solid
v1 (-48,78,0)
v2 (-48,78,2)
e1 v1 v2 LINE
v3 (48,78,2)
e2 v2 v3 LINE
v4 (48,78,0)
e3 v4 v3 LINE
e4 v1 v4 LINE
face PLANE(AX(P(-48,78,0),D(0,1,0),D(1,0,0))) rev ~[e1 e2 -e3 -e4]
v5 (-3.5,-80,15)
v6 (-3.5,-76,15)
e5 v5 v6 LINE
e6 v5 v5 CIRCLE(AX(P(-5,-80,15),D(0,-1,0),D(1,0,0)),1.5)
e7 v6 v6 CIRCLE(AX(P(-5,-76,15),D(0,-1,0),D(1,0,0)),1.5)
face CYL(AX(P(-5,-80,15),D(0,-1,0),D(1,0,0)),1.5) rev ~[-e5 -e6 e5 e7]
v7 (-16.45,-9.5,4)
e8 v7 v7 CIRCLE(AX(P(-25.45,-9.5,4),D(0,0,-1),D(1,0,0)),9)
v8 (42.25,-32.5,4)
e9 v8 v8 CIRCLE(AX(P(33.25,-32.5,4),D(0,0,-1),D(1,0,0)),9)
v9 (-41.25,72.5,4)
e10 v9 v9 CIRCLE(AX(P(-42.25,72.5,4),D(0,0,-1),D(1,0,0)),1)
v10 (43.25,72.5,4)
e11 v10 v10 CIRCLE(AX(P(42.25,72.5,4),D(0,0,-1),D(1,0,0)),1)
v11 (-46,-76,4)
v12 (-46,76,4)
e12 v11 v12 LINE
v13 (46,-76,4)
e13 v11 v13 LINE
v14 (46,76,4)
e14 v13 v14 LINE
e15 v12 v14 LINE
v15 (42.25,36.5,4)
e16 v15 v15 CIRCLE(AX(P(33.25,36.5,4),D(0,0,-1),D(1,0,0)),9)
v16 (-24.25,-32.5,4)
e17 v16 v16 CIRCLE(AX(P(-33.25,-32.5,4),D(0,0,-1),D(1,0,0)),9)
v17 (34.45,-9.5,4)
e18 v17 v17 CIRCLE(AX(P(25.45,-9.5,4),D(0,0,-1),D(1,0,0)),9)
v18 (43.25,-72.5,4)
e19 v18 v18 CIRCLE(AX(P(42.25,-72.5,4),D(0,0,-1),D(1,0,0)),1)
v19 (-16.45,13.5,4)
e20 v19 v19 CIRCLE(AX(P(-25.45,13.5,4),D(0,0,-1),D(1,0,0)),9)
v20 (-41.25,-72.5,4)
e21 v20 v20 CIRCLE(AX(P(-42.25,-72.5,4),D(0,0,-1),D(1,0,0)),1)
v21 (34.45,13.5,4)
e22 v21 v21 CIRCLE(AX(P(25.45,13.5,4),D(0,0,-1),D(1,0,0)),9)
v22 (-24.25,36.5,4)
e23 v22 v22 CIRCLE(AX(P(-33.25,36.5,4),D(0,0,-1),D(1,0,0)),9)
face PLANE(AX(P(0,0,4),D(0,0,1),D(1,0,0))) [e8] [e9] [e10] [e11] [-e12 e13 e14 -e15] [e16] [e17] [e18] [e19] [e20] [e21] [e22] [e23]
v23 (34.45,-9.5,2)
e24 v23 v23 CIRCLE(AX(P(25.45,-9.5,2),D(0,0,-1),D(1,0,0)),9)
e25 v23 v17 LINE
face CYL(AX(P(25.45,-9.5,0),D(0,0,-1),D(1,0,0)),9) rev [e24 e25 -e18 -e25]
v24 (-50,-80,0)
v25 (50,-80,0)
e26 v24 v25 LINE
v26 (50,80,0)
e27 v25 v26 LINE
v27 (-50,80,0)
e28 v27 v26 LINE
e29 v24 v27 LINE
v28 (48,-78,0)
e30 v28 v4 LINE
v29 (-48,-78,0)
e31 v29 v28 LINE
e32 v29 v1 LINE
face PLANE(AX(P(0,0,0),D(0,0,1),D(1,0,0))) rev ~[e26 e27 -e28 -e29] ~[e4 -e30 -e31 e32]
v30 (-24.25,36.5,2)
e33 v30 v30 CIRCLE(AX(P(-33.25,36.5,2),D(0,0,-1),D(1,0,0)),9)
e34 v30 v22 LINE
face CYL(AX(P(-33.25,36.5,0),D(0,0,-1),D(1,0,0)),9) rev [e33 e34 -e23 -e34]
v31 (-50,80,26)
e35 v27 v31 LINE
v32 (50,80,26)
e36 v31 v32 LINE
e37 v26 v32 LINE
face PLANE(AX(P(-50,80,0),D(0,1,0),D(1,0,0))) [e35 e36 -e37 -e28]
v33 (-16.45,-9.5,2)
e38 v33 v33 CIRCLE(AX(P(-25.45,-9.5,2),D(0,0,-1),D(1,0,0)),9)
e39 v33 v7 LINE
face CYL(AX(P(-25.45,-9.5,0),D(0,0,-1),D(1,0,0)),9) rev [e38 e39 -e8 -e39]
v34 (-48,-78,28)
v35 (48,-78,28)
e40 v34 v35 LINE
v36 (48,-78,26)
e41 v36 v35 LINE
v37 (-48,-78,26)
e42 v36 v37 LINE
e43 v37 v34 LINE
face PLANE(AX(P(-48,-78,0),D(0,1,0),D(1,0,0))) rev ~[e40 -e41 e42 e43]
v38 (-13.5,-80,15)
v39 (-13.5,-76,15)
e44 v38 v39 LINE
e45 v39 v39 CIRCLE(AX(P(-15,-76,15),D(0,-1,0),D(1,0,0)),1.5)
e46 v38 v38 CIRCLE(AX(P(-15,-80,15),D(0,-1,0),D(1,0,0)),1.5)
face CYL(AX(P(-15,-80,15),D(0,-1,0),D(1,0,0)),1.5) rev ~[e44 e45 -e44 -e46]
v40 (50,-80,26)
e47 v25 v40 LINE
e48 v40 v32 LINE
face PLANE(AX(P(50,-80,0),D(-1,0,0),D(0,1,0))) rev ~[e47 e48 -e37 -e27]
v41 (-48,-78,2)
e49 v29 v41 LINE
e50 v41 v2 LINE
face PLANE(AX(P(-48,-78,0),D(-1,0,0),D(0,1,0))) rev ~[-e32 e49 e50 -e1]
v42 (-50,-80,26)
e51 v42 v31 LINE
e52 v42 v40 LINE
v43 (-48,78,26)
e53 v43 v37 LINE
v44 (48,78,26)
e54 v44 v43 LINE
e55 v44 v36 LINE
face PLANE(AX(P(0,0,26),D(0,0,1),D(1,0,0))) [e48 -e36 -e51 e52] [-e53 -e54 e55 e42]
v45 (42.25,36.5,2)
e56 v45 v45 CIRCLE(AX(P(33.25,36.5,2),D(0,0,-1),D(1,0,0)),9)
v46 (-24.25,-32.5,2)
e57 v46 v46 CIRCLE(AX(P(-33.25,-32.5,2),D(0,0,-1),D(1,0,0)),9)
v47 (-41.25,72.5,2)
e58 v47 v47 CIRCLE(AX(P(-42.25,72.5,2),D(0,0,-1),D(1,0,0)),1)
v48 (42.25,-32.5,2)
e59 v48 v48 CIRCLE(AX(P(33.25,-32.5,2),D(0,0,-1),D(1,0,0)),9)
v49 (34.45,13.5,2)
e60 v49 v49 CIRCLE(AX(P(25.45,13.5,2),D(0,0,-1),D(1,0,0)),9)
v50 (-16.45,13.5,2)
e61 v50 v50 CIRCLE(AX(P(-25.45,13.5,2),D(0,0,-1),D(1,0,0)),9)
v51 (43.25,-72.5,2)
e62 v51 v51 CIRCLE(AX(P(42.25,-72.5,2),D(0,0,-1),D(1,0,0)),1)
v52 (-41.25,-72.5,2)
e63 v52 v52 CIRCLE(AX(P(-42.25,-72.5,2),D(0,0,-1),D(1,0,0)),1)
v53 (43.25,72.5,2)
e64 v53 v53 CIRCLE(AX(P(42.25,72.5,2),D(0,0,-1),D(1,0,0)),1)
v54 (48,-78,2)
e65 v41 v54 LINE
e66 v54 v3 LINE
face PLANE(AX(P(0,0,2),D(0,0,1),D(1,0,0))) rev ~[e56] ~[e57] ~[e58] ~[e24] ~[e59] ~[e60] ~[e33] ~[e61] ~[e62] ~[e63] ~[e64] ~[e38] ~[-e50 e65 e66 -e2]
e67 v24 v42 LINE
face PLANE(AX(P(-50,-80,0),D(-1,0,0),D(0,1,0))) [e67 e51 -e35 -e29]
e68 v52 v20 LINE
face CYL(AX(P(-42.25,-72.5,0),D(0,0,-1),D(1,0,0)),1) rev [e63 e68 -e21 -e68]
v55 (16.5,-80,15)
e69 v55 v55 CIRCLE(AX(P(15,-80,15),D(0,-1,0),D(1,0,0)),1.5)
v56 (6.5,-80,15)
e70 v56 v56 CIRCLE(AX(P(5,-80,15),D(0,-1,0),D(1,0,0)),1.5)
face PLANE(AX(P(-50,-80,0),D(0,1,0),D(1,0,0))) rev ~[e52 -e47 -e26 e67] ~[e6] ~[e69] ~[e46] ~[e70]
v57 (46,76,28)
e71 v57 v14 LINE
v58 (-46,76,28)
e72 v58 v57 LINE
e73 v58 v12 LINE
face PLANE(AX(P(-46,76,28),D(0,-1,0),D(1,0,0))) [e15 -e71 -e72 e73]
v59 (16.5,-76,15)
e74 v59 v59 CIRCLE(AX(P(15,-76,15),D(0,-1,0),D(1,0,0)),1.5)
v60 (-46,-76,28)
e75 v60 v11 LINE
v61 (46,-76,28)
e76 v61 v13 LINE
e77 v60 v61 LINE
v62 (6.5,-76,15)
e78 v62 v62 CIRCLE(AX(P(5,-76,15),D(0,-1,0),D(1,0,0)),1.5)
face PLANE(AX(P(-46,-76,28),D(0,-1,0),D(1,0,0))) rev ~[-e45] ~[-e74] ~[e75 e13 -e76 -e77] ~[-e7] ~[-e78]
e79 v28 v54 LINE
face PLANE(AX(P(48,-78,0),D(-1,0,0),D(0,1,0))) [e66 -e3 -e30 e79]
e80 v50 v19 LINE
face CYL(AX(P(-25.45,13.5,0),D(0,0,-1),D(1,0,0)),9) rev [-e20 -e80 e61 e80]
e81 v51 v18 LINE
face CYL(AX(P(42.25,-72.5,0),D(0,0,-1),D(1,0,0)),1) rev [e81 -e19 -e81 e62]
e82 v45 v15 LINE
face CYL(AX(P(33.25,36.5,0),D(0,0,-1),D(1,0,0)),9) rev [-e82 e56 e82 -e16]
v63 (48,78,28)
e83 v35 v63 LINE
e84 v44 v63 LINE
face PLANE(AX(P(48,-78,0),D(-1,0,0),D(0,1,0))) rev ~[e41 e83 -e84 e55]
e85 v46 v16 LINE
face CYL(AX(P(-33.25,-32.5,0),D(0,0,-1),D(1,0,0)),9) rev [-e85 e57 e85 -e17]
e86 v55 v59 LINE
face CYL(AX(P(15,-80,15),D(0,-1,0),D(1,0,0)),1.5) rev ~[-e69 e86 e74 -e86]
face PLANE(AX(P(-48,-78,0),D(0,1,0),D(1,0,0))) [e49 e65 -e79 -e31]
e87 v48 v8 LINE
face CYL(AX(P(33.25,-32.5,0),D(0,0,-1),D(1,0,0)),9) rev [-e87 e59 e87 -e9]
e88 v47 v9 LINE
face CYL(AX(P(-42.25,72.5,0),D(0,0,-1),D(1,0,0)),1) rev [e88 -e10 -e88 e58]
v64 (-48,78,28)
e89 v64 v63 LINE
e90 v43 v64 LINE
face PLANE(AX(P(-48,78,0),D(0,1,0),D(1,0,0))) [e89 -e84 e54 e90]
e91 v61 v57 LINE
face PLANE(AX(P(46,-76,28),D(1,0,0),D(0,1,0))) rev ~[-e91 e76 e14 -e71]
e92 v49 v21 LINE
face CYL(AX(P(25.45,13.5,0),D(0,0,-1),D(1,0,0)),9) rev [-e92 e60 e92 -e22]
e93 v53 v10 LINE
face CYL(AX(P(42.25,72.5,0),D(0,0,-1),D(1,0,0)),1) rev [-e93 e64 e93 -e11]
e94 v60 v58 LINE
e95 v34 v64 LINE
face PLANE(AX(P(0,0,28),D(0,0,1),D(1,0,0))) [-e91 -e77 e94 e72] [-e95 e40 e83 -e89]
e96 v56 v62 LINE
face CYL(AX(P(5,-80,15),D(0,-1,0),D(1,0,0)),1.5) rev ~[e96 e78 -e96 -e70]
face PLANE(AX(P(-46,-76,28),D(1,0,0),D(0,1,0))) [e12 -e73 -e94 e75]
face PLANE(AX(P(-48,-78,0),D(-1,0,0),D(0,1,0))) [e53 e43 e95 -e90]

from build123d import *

# Parameters (mm, degrees)
SKETCH_W        = 100
SKETCH_H        = 160
PAD_DEPTH       = 26
SKETCH001_W     = 96
SKETCH001_H     = 156
PAD001_DEPTH    = 28
SKETCH005_W     = 92
SKETCH005_H     = 152
POCKET_DEPTH    = 24
SKETCH003_R     = 9
POCKET001_DEPTH = 28.001
SKETCH002_R     = 1
POCKET002_DEPTH = 28.001
SKETCH006_W     = 96
SKETCH006_H     = 156
POCKET003_DEPTH = 2
SKETCH007_R     = 1.5
POCKET004_DEPTH = 10


with BuildPart() as part:
    # Sketch → Pad (new body)
    with BuildSketch(Plane.XY):
        Rectangle(SKETCH_W, SKETCH_H)
    extrude(amount=PAD_DEPTH)

    # Sketch001 → Pad001 (join)
    with BuildSketch(Plane.XY):
        Rectangle(SKETCH001_W, SKETCH001_H)
    extrude(amount=PAD001_DEPTH)

    # Sketch005 → Pocket (cut)
    with BuildSketch(Plane.XY.offset(28)):
        Rectangle(SKETCH005_W, SKETCH005_H)
    extrude(amount=-POCKET_DEPTH, mode=Mode.SUBTRACT)

    # Sketch003 → Pocket001 (cut, through all)
    with BuildSketch(Plane.XY):
        with Locations((33.25, 36.5)):
            Circle(SKETCH003_R)
        with Locations((25.45, 13.5)):
            Circle(SKETCH003_R)
        with Locations((25.45, -9.5)):
            Circle(SKETCH003_R)
        with Locations((33.25, -32.5)):
            Circle(SKETCH003_R)
        with Locations((-33.25, 36.5)):
            Circle(SKETCH003_R)
        with Locations((-25.45, 13.5)):
            Circle(SKETCH003_R)
        with Locations((-25.45, -9.5)):
            Circle(SKETCH003_R)
        with Locations((-33.25, -32.5)):
            Circle(SKETCH003_R)
    extrude(amount=POCKET001_DEPTH, mode=Mode.SUBTRACT)

    # Sketch002 → Pocket002 (cut, through all)
    with BuildSketch(Plane.XY):
        with Locations((42.25, 72.5)):
            Circle(SKETCH002_R)
        with Locations((-42.25, 72.5)):
            Circle(SKETCH002_R)
        with Locations((42.25, -72.5)):
            Circle(SKETCH002_R)
        with Locations((-42.25, -72.5)):
            Circle(SKETCH002_R)
    extrude(amount=POCKET002_DEPTH, mode=Mode.SUBTRACT)

    # Sketch006 → Pocket003 (cut)
    with BuildSketch(Plane.XY):
        Rectangle(SKETCH006_W, SKETCH006_H)
    extrude(amount=POCKET003_DEPTH, mode=Mode.SUBTRACT)

    # Sketch007 → Pocket004 (cut)
    with BuildSketch(Plane.XZ.offset(80)):
        with Locations((-15, 15)):
            Circle(SKETCH007_R)
        with Locations((-5, 15)):
            Circle(SKETCH007_R)
        with Locations((5, 15)):
            Circle(SKETCH007_R)
        with Locations((15, 15)):
            Circle(SKETCH007_R)
    extrude(amount=-POCKET004_DEPTH, mode=Mode.SUBTRACT)


solid = part.part
